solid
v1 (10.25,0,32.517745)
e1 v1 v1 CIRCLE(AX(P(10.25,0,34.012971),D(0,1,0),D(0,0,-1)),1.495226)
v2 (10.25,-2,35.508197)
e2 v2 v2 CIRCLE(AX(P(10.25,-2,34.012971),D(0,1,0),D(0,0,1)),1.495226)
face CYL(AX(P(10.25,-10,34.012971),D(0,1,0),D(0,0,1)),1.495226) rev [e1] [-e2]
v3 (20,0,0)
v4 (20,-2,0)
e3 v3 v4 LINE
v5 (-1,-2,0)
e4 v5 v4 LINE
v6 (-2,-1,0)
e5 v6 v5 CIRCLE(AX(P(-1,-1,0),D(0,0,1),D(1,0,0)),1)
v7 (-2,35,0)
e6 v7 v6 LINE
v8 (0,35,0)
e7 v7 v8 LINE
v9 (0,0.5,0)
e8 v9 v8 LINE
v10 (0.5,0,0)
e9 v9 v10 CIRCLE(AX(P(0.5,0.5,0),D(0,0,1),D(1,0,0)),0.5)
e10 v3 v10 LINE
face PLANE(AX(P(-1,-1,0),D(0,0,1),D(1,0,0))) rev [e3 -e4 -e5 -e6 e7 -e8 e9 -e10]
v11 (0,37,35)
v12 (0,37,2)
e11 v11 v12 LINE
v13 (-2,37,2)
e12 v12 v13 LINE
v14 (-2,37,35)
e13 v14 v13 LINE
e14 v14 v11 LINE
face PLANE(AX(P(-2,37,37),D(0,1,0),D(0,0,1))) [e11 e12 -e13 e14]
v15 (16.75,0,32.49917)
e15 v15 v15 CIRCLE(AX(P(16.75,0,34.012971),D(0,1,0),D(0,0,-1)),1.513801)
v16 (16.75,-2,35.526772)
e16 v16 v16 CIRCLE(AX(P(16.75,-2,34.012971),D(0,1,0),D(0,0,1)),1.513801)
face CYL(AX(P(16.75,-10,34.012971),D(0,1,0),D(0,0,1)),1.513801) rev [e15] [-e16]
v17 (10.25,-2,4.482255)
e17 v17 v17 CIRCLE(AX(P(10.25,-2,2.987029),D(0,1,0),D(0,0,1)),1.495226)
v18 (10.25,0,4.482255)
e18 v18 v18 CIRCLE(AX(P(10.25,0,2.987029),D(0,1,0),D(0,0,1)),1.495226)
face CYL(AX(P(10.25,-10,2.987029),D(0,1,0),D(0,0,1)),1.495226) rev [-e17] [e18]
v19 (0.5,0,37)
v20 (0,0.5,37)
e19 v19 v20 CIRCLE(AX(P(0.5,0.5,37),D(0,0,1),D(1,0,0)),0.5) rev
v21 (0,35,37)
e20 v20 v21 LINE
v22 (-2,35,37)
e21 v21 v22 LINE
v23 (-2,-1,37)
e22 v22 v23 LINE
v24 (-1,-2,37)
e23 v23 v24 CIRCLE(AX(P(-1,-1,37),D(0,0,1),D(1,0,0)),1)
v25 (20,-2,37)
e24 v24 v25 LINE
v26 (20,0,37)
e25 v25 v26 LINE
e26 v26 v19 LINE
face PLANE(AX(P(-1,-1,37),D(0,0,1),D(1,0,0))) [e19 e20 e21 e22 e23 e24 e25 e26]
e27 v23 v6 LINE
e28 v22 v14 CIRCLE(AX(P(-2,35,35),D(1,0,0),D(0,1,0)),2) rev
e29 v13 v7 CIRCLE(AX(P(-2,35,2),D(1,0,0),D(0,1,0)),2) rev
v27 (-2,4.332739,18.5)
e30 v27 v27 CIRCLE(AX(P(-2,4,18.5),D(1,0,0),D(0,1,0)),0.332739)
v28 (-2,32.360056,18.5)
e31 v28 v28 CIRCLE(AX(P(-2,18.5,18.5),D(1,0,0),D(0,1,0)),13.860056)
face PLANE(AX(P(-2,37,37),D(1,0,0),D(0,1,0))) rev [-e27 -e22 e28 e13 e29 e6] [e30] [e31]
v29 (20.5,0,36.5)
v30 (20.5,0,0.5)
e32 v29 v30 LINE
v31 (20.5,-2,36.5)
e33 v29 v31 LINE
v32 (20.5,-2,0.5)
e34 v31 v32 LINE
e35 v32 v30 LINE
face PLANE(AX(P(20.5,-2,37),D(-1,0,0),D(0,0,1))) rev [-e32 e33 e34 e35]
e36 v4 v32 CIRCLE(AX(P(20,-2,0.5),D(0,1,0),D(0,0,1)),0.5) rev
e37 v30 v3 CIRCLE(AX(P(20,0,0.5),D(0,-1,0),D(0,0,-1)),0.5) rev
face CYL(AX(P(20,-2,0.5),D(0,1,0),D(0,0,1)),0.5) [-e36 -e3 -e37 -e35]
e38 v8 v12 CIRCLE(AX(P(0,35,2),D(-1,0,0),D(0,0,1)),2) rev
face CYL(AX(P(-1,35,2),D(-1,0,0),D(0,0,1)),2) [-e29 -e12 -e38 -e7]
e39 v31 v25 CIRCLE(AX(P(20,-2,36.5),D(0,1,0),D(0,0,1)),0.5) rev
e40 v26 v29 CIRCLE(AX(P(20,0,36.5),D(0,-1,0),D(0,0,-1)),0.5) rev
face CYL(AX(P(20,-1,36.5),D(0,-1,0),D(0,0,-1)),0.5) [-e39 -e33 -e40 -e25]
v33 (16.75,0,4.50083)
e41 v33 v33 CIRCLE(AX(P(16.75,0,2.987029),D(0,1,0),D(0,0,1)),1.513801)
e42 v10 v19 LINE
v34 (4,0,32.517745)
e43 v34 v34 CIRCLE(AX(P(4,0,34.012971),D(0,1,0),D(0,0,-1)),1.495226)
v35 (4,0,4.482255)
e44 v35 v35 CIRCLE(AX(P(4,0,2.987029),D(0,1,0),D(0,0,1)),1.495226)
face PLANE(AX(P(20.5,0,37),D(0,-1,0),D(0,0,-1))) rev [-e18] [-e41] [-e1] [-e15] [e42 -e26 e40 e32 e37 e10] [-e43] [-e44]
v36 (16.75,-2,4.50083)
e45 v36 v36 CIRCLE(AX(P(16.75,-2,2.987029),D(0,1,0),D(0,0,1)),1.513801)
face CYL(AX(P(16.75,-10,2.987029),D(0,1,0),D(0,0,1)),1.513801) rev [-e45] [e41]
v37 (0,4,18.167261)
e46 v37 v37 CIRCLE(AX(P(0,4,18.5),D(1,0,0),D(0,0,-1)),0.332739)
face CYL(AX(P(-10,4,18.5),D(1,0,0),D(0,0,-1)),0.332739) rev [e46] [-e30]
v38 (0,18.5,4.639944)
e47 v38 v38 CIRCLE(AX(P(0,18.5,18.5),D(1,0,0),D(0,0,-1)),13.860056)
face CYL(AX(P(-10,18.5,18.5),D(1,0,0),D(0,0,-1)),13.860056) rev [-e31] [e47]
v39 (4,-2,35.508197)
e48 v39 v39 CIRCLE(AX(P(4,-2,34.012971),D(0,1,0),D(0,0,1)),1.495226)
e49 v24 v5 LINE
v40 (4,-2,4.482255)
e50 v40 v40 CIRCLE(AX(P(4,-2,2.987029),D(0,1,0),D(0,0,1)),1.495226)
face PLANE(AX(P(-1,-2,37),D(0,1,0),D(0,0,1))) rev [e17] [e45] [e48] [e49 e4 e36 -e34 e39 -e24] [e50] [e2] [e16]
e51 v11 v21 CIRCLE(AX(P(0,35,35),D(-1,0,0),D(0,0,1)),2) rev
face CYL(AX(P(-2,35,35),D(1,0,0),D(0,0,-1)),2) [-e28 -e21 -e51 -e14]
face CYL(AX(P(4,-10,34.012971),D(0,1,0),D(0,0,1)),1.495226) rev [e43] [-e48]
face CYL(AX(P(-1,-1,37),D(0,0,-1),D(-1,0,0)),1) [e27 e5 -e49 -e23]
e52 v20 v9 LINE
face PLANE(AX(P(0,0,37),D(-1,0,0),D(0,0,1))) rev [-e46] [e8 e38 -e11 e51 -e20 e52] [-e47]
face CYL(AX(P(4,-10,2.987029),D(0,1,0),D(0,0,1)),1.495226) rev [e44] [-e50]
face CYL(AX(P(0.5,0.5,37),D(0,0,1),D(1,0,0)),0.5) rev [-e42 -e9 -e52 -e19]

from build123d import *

# Parameters (mm, degrees)
BOSS_EXTRUDE1_DEPTH = 37
SKETCH2_R           = 13.860055969
SKETCH2_R_2         = 0.332739378
CUT_EXTRUDE1_DEPTH  = 10
SKETCH3_R           = 1.513801081
SKETCH3_R_2         = 1.495226131
CUT_EXTRUDE2_DEPTH  = 10
FILLET1_R           = 2
FILLET2_R           = 0.5
FILLET3_R           = 0.5


with BuildPart() as part:
    # Sketch1 → Boss-Extrude1 (new body)
    with BuildSketch(Plane.XY):
        with BuildLine():
            Line((0, 0), (0, 37))
            Line((0, 37), (-2, 37))
            Line((-2, 37), (-2, -1))
            ThreePointArc((-2, -1), (-1.707106781, -1.707106781), (-1, -2))
            Line((-1, -2), (20.5, -2))
            Line((20.5, -2), (20.5, 0))
            Line((20.5, 0), (0, 0))
        make_face()
    extrude(amount=BOSS_EXTRUDE1_DEPTH)

    # Sketch2 → Cut-Extrude1 (cut)
    with BuildSketch(Plane(origin=(0, 0, 0), x_dir=(0, 0, -1), z_dir=(1, 0, 0))):
        with Locations((-18.5, 18.5)):
            Circle(SKETCH2_R)
        with Locations((-18.5, 4)):
            Circle(SKETCH2_R_2)
    extrude(amount=-CUT_EXTRUDE1_DEPTH, mode=Mode.SUBTRACT)

    # Sketch3 → Cut-Extrude2 (cut)
    with BuildSketch(Plane(origin=(0, 0, 0), x_dir=(1, 0, 0), z_dir=(0, 1, 0))):
        with Locations((16.75, -2.987028894)):
            Circle(SKETCH3_R)
        with Locations((10.25, -2.987028894)):
            Circle(SKETCH3_R_2)
        with Locations((4, -2.987028894)):
            Circle(SKETCH3_R_2)
        with Locations((16.75, -34.012971106)):
            Circle(SKETCH3_R)
        with Locations((10.25, -34.012971106)):
            Circle(SKETCH3_R_2)
        with Locations((4, -34.012971106)):
            Circle(SKETCH3_R_2)
    extrude(amount=-CUT_EXTRUDE2_DEPTH, mode=Mode.SUBTRACT)

    # Fillet1
    fillet1_edges = [part.edges().sort_by_distance(p)[0] for p in [
        (-1, 37, 37),
        (-1, 37, 0),
    ]]
    fillet(fillet1_edges, radius=FILLET1_R)

    # Fillet2
    fillet2_edges = [part.edges().sort_by_distance(p)[0] for p in [
        (0, 0, 18.5),
    ]]
    fillet(fillet2_edges, radius=FILLET2_R)

    # Fillet3
    fillet3_edges = [part.edges().sort_by_distance(p)[0] for p in [
        (20.5, -1, 37),
        (20.5, -1, 0),
    ]]
    fillet(fillet3_edges, radius=FILLET3_R)


solid = part.part
